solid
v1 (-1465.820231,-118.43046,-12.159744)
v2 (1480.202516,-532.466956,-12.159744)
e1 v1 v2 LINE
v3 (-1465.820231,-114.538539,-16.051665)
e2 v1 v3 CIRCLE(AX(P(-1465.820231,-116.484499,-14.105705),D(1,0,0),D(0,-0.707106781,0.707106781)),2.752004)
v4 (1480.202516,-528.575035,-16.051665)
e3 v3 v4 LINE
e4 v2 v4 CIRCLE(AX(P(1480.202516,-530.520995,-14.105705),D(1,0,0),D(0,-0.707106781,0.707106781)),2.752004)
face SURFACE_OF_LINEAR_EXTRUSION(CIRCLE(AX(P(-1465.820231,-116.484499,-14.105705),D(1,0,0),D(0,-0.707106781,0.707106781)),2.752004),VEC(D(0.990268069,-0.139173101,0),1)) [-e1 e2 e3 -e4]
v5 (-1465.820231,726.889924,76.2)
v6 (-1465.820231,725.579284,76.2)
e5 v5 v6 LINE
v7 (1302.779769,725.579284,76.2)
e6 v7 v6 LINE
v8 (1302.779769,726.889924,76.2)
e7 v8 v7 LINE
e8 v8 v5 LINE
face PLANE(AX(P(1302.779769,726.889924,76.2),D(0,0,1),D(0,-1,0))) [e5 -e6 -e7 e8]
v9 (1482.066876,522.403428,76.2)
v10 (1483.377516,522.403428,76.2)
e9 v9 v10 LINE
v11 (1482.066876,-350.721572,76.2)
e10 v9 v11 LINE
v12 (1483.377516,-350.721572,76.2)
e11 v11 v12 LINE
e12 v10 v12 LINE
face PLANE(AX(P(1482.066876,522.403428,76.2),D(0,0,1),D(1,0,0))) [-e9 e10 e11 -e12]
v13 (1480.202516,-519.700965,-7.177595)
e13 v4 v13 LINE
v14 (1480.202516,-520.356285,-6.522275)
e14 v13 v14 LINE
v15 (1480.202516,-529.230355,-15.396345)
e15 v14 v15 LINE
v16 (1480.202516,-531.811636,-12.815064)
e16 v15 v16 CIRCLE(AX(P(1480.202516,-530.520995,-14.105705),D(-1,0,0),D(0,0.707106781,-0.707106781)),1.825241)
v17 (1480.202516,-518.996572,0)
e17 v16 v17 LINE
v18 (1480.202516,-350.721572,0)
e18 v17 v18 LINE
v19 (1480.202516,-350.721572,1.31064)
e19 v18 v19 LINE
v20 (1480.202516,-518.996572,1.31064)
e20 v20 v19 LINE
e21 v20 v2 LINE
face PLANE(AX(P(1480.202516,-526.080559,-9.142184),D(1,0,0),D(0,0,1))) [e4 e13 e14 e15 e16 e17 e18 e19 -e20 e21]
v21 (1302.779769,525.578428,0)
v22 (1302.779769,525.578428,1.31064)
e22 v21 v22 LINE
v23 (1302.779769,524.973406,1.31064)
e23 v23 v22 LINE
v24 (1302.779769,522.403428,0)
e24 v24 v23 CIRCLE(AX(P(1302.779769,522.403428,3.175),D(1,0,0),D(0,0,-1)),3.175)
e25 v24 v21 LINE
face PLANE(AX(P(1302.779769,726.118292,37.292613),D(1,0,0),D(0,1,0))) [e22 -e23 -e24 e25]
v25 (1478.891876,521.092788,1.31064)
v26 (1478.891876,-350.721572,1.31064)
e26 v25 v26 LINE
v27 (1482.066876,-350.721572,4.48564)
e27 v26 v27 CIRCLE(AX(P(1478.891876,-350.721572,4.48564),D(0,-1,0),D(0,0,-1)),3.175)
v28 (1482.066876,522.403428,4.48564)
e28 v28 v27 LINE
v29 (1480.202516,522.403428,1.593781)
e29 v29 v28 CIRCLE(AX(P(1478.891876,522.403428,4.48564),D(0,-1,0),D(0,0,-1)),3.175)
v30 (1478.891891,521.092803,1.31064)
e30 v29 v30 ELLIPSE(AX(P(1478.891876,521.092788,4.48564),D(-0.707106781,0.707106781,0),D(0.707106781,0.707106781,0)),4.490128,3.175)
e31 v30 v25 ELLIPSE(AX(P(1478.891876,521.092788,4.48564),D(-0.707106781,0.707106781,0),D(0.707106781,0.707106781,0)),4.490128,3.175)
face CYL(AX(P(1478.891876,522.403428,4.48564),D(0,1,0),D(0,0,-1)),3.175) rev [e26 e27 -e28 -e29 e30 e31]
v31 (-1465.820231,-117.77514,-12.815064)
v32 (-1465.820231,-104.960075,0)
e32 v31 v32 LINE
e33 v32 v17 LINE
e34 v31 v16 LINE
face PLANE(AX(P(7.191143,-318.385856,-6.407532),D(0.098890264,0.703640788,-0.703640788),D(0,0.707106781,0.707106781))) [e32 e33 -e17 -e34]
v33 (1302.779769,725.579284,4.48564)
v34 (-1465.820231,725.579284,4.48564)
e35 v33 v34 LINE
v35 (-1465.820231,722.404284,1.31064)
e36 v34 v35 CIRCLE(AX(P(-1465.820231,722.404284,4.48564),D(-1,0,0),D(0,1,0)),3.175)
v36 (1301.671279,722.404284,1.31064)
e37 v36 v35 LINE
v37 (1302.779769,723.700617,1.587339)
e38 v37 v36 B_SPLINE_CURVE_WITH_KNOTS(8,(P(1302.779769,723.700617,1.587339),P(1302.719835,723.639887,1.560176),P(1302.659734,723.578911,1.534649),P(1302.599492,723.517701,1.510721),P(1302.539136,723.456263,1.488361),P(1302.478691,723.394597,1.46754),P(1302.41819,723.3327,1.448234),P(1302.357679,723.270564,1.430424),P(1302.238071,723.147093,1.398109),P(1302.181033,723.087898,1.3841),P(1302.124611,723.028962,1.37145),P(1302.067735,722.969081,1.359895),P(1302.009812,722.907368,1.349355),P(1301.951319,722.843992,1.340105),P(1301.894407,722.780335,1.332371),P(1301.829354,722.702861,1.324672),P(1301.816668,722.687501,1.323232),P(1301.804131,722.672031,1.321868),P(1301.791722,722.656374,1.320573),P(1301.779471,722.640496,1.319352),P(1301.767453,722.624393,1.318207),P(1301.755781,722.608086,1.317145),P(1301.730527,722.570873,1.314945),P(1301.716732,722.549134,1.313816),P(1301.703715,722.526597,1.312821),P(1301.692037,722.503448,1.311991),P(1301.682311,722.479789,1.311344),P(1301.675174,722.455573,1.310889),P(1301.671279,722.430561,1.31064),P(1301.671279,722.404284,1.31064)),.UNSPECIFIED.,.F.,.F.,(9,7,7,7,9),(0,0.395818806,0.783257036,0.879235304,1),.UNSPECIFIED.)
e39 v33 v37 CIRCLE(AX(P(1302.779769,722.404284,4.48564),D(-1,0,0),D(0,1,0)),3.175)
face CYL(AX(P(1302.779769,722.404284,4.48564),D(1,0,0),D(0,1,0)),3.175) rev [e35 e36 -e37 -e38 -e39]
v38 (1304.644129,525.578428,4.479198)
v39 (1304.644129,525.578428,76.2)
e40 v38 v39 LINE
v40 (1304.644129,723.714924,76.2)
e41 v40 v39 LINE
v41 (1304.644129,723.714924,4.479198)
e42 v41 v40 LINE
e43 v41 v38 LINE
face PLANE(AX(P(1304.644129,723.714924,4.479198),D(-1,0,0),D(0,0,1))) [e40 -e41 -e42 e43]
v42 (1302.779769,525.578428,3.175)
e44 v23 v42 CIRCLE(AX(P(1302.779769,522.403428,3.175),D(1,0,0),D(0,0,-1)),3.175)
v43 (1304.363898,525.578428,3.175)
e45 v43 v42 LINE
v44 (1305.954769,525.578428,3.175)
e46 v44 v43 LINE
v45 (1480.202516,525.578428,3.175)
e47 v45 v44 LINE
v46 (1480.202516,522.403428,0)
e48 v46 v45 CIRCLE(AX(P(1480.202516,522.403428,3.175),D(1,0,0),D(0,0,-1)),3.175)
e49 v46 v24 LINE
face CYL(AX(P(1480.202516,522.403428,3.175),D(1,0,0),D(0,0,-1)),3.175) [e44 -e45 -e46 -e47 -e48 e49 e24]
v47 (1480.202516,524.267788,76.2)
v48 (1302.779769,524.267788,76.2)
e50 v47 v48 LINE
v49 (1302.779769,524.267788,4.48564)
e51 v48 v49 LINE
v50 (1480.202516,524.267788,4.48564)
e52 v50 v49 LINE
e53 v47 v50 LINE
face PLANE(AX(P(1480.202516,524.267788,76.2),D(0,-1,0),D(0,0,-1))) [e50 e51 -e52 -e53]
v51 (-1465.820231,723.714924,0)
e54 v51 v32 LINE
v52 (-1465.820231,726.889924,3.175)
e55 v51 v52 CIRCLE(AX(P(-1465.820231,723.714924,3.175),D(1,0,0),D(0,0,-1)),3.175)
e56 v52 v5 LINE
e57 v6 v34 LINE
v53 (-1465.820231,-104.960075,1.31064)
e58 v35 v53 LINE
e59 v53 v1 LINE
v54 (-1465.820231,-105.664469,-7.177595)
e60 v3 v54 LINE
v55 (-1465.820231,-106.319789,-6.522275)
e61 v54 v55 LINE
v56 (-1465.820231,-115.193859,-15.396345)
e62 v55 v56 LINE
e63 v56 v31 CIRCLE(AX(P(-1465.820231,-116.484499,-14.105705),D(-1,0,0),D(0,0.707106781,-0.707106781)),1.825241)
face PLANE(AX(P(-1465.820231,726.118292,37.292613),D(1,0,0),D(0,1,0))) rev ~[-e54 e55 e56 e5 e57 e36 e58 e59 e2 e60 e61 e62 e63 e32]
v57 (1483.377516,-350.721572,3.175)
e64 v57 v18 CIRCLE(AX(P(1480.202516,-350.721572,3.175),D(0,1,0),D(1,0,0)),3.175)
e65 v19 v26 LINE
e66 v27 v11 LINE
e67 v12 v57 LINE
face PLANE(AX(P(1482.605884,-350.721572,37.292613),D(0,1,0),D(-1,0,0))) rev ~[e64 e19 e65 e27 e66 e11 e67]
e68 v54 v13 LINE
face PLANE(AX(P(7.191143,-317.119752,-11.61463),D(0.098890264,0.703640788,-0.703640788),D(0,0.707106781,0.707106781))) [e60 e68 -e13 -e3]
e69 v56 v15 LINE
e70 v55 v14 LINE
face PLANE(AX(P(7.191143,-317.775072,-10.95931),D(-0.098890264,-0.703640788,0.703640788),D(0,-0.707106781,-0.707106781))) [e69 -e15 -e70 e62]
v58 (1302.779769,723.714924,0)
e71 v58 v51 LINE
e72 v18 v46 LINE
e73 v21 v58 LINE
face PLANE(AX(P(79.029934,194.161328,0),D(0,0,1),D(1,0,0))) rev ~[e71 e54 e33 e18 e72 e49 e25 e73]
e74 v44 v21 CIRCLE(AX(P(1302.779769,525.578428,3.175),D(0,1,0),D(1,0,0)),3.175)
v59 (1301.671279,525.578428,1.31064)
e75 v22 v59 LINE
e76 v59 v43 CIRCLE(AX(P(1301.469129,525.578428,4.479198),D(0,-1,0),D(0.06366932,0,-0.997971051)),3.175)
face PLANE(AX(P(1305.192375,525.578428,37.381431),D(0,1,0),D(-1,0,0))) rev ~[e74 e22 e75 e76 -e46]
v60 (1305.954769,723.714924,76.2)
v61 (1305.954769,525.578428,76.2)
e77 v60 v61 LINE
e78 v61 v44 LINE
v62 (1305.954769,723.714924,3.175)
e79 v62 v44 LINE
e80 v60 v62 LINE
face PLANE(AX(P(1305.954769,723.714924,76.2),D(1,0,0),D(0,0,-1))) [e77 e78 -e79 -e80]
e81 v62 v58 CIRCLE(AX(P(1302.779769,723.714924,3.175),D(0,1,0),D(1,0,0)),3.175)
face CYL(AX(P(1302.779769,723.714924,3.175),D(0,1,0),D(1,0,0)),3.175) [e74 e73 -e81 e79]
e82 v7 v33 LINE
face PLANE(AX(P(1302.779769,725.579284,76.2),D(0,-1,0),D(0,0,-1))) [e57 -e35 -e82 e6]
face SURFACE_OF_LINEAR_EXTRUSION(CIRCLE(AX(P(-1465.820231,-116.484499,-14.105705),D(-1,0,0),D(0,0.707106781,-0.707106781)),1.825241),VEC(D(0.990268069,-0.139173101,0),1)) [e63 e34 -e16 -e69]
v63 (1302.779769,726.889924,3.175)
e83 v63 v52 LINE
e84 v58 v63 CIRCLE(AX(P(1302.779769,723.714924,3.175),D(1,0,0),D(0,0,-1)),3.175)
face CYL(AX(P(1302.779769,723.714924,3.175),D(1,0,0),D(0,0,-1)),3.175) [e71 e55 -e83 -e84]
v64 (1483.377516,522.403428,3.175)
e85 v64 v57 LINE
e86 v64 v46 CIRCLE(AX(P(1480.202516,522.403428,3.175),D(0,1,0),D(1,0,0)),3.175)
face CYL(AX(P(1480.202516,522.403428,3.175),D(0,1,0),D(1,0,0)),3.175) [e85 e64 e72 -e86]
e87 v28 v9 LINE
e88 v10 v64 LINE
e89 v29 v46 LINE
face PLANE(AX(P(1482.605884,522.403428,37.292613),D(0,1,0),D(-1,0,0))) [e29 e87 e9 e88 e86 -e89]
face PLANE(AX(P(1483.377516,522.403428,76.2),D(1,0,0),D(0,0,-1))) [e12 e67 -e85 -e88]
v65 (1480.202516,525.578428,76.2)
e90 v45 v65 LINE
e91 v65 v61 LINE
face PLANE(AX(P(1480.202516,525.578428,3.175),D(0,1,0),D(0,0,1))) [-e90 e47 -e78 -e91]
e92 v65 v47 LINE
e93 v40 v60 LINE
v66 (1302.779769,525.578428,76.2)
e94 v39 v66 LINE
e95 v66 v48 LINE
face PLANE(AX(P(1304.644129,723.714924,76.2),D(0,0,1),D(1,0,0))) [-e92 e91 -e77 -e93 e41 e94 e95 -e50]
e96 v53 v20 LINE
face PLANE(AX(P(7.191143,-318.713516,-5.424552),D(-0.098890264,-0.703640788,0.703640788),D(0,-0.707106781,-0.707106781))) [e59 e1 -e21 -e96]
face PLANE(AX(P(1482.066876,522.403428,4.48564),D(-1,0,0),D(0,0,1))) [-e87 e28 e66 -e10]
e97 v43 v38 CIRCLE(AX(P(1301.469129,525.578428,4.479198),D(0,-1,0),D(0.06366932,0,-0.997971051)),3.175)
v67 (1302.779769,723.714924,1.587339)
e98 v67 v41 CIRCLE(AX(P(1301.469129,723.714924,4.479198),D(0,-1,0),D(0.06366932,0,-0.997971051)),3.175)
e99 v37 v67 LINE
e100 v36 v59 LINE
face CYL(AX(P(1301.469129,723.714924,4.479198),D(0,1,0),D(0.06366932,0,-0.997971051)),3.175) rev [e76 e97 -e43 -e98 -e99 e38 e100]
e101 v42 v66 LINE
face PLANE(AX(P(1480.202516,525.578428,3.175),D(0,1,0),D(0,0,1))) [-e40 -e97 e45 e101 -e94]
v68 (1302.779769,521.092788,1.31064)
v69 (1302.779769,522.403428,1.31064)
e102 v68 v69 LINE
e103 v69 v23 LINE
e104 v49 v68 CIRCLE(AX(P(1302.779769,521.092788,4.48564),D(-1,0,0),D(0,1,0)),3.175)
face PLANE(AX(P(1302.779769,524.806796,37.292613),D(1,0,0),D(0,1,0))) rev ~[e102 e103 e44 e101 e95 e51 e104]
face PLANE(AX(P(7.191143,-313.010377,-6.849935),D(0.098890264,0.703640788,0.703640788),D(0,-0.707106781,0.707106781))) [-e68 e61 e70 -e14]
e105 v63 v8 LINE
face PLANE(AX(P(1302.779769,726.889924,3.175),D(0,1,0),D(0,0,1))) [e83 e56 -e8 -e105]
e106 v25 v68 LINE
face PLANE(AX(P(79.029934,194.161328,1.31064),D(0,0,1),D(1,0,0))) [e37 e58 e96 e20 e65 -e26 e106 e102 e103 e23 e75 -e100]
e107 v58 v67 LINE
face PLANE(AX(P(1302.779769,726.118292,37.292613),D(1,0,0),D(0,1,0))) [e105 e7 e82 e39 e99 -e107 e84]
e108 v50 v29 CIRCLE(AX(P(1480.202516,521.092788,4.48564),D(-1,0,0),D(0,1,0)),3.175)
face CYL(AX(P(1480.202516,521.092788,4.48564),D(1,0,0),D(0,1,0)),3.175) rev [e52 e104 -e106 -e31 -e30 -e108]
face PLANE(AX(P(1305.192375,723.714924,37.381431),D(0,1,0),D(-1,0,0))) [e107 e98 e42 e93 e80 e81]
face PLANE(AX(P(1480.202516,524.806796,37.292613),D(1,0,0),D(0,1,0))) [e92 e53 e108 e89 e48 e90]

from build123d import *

# Parameters (mm, degrees)
F1_DEPTH  = 1.31064
F6_DEPTH  = 873.125
F9_DEPTH  = 2768.6
F10_DEPTH = 177.4227478045
F11_DEPTH = 198.1364960287


with BuildPart() as f1:
    # F0 (on Top) → F1 (new body)
    with BuildSketch(Plane.XY):
        Polygon((1302.7797686103, 723.7149244852), (-1465.8202313897, 723.7149244852), (-1465.8202313897, -104.9600755148), (1480.2025164147, -518.9965715435), (1480.2025164147, 522.4034284565), (1302.7797686103, 522.4034284565), align=None)
    extrude(amount=F1_DEPTH)

    # F3: sweep along a path in F3_path
    with BuildLine(Plane(origin=(-1465.8202313897, -104.9600755148, 1.31064), x_dir=(-0.9902680687, 0.139173101, 0), z_dir=(-0.139173101, -0.9902680687, 0))) as f3_path:
        Line((0, 0), (-2974.975, 0))
    # F2 (on face) → F3 (sweep)
    with BuildSketch(Plane.YZ.offset(1480.2025164147)):
        with BuildLine():
            Line((-518.9965715435, 0), (-518.9965715435, 1.31064))
            Line((-518.9965715435, 1.31064), (-532.4669557251, -12.1597441816))
            ThreePointArc((-532.4669557251, -12.1597441816), (-532.4669557251, -16.0516650142), (-528.5750348925, -16.0516650142))
            Line((-528.5750348925, -16.0516650142), (-519.7009649314, -7.1775950531))
            Line((-519.7009649314, -7.1775950531), (-520.3562849314, -6.5222750531))
            Line((-520.3562849314, -6.5222750531), (-529.2303548925, -15.3963450142))
            ThreePointArc((-529.2303548925, -15.3963450142), (-531.8116357251, -15.3963450142), (-531.8116357251, -12.8150641816))
            Line((-531.8116357251, -12.8150641816), (-518.9965715435, 0))
        make_face()
    sweep(path=f3_path.line)

    # F5 (on face) → F6 (join)
    with BuildSketch(Plane(origin=(0, 522.4034284565, 0), x_dir=(-1, 0, 0), z_dir=(0, 1, 0))):
        with BuildLine():
            Line((-1483.3775164147, 76.2), (-1483.3775164147, 3.175))
            ThreePointArc((-1483.3775164147, 3.175), (-1482.447580445, 0.9299359697), (-1480.2025164147, 0))
            Line((-1480.2025164147, 0), (-1480.2025164147, 1.31064))
            Line((-1480.2025164147, 1.31064), (-1478.8918764147, 1.31064))
            ThreePointArc((-1478.8918764147, 1.31064), (-1481.136940445, 2.2405759697), (-1482.0668764147, 4.48564))
            Line((-1482.0668764147, 4.48564), (-1482.0668764147, 76.2))
            Line((-1482.0668764147, 76.2), (-1483.3775164147, 76.2))
        make_face()
    extrude(amount=-F6_DEPTH)

    # F7 (on face) → F9 (join, through all)
    with BuildSketch(Plane.YZ.offset(1302.7797686103)):
        with BuildLine():
            ThreePointArc((723.7149244852, 0), (725.9599885154, 0.9299359697), (726.8899244852, 3.175))
            Line((726.8899244852, 3.175), (726.8899244852, 76.2))
            Line((726.8899244852, 76.2), (725.5792844852, 76.2))
            Line((725.5792844852, 76.2), (725.5792844852, 4.48564))
            ThreePointArc((725.5792844852, 4.48564), (724.6493485154, 2.2405759697), (722.4042844852, 1.31064))
            Line((722.4042844852, 1.31064), (723.7149244852, 1.31064))
            Line((723.7149244852, 1.31064), (723.7149244852, 0))
        make_face()
    extrude(amount=-F9_DEPTH)

    # F4 (on face) → F10 (join, through all)
    with BuildSketch(Plane.YZ.offset(1480.2025164147)):
        with BuildLine():
            ThreePointArc((522.4034284565, 0), (524.6484924868, 0.9299359697), (525.5784284565, 3.175))
            Line((525.5784284565, 3.175), (525.5784284565, 76.2))
            Line((525.5784284565, 76.2), (524.2677884565, 76.2))
            Line((524.2677884565, 76.2), (524.2677884565, 4.48564))
            ThreePointArc((524.2677884565, 4.48564), (523.3378524868, 2.2405759697), (521.0927884565, 1.31064))
            Line((521.0927884565, 1.31064), (522.4034284565, 1.31064))
            Line((522.4034284565, 1.31064), (522.4034284565, 0))
        make_face()
    extrude(amount=-F10_DEPTH)

    # F8 (on face) → F11 (join, through all)
    with BuildSketch(Plane(origin=(0, 723.7149244852, 0), x_dir=(-1, 0, 0), z_dir=(0, 1, 0))):
        with BuildLine():
            Line((-1305.9547686103, 76.2), (-1305.9547686103, 3.175))
            ThreePointArc((-1305.9547686103, 3.175), (-1305.0248326405, 0.9299359697), (-1302.7797686103, 0))
            Line((-1302.7797686103, 0), (-1302.7797686103, 1.31064))
            Line((-1302.7797686103, 1.31064), (-1301.6712787008, 1.31064))
            ThreePointArc((-1301.6712787008, 1.31064), (-1303.7845607014, 2.3067802547), (-1304.6441286103, 4.4791980855))
            Line((-1304.6441286103, 4.4791980855), (-1304.6441286103, 76.2))
            Line((-1304.6441286103, 76.2), (-1305.9547686103, 76.2))
        make_face()
    extrude(amount=-F11_DEPTH)


solid = f1.part
